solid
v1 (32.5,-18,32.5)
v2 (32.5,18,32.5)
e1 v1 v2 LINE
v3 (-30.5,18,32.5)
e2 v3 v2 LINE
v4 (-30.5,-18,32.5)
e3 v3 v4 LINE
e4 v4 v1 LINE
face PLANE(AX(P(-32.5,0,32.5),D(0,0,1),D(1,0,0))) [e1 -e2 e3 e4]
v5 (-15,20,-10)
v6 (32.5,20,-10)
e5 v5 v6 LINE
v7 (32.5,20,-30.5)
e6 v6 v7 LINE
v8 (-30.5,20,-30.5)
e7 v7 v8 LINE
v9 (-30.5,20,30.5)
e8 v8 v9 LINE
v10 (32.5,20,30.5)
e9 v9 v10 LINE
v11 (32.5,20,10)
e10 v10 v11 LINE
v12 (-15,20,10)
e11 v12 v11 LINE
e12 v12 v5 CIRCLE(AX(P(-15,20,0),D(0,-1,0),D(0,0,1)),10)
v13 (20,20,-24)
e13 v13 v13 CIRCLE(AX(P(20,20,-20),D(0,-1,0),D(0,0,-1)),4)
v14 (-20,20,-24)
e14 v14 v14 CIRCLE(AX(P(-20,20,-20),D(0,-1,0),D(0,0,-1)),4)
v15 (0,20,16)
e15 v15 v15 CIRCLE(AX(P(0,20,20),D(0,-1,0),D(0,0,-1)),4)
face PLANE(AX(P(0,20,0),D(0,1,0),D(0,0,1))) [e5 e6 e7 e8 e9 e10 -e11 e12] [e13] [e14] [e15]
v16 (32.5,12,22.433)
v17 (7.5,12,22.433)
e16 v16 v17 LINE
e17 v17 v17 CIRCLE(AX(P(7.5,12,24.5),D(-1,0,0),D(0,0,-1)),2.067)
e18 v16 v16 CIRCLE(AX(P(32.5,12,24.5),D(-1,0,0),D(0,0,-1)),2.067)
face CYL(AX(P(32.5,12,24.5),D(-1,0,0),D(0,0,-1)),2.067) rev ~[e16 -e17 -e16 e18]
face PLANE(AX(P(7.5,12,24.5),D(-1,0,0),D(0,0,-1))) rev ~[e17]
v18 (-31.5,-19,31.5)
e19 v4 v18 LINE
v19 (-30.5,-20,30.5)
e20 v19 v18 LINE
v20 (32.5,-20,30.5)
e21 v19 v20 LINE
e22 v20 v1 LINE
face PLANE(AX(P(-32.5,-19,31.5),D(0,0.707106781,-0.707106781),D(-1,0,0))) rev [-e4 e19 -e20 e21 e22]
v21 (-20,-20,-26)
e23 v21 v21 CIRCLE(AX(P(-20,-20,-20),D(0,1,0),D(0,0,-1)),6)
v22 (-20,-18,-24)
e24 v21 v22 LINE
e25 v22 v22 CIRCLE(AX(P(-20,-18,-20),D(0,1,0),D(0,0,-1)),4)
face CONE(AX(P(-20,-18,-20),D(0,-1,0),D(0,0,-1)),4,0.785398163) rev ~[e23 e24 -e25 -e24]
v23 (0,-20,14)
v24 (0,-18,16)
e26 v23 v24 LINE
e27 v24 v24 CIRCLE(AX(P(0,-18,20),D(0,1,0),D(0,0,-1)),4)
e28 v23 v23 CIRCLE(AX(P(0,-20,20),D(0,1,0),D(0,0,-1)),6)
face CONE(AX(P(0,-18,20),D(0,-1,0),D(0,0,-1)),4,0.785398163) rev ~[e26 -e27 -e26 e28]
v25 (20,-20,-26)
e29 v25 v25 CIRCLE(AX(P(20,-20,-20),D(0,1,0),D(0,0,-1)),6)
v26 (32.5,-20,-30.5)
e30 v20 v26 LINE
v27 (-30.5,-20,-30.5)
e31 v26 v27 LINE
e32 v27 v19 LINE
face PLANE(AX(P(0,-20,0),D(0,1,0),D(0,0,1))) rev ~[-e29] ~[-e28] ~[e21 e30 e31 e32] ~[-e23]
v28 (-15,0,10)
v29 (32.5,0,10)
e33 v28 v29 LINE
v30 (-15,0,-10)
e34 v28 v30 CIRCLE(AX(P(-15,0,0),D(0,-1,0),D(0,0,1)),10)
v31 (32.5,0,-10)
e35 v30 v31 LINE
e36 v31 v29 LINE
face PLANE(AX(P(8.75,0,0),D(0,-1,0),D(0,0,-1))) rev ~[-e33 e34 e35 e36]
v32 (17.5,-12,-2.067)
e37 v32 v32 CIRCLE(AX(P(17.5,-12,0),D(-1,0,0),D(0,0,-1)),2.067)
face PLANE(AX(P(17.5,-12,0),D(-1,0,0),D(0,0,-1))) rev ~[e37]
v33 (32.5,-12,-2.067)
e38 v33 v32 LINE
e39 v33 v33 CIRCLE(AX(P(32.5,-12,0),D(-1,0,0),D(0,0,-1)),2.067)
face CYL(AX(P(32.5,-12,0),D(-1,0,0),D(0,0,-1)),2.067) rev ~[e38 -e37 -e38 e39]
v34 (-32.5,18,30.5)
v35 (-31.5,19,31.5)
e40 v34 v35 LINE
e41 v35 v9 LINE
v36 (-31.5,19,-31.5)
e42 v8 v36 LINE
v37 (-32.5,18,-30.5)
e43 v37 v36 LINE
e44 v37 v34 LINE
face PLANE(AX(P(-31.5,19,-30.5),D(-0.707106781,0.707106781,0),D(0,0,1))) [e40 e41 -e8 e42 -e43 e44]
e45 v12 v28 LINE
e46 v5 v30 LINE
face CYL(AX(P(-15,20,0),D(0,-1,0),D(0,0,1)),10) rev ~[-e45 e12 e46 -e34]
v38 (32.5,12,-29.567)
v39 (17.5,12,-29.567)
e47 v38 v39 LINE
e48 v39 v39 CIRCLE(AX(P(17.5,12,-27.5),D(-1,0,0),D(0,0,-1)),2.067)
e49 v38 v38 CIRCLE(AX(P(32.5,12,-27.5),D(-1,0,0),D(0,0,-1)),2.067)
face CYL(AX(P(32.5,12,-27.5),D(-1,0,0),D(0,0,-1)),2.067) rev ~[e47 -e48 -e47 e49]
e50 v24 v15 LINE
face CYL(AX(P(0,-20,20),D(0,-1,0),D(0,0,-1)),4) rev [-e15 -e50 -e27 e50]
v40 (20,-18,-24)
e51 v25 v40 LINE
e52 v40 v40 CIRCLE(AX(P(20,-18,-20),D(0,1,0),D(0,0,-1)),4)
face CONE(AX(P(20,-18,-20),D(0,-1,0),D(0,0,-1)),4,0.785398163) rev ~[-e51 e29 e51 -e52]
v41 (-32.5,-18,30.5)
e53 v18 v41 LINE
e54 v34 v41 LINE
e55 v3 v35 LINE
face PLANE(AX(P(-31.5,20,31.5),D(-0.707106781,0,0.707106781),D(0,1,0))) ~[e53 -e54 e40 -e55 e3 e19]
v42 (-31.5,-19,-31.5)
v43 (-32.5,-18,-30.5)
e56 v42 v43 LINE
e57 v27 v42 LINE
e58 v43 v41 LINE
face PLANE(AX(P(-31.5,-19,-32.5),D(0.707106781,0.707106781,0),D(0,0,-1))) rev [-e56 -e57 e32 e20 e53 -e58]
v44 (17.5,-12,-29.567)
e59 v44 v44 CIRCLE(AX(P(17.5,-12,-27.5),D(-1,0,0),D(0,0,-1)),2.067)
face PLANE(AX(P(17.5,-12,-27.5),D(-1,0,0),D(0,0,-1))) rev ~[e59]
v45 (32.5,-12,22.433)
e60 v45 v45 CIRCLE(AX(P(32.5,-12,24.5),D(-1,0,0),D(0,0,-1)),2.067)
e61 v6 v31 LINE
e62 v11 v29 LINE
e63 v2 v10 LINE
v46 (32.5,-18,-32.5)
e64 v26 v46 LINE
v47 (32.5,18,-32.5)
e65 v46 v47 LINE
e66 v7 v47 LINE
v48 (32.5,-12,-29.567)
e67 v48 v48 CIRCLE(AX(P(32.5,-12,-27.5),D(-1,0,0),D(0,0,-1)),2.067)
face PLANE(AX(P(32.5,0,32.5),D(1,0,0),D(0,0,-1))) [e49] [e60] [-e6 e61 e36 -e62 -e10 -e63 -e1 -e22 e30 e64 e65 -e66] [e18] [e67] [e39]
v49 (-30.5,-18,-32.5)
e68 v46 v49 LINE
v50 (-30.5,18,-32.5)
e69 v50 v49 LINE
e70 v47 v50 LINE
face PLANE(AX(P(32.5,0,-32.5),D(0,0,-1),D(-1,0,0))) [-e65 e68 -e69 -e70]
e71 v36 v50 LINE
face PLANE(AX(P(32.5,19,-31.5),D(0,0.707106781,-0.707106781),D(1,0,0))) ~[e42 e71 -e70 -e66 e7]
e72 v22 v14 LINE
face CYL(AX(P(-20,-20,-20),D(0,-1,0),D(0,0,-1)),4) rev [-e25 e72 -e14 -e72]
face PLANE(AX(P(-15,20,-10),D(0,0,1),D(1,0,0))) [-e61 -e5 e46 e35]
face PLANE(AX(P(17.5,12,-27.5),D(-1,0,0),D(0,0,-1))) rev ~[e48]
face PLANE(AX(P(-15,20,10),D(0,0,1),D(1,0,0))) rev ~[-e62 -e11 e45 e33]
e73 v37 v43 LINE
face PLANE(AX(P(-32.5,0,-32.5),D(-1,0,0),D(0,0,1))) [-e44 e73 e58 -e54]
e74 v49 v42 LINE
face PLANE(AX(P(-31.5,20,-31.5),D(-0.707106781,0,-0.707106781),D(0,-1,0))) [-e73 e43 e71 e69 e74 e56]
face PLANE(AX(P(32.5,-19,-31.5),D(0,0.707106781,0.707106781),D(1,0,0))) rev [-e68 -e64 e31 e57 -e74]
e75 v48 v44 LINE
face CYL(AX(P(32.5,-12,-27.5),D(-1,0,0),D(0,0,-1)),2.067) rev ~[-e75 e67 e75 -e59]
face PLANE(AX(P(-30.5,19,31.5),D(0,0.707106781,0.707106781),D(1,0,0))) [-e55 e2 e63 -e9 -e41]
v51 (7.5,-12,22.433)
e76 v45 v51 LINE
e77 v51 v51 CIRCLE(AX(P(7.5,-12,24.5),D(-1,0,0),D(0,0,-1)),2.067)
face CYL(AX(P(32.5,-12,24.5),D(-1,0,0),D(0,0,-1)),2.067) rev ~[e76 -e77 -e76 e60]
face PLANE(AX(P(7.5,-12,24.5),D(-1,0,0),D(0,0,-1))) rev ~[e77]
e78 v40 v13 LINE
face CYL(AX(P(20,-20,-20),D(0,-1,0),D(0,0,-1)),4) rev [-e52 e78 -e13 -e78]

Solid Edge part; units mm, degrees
sketch "Sketch1" plane through (0, 0, 0) normal (0, -1, 0) x (1, 0, 0)
  line L0 (-32.5, 32.5) -> (32.5, 32.5)
  line L1 (32.5, 32.5) -> (32.5, -32.5)
  line L2 (32.5, -32.5) -> (-32.5, -32.5)
  line L3 (-32.5, -32.5) -> (-32.5, 32.5)
  dimension "D1" = 65
  dimension "D2" = 65
extrude "Protrusion1" add sketch "Sketch1" along normal mid plane 40
hole "Bohrung_1" at (-20, -20, -20) direction (0, 1, 0) diameter 8 end up to next
hole "Hole1" at (20, -20, -20) direction (0, 1, 0) diameter 8 end up to next
hole "Hole2" at (0, -20, 20) direction (0, 1, 0) diameter 8 end up to next
chamfer "Fase_1" distance 2 angle 45 3 edges at (16, -20, -20) (-24, -20, -20) (-4, -20, 20)
chamfer "Fase_2" distance 2 angle 45 3 edges at (0, -20, -32.5) (-32.5, -20, 0) (0, -20, 32.5)
chamfer "Fase_3" distance 2 angle 45 2 edges at (-32.5, 1, -32.5) (-32.5, 1, 32.5)
hole "Bohrung_6" at (-15, 20, 0) direction (0, -1, 0) diameter 20 depth 20
sketch "Sketch2" plane through (0, 20, 0) normal (0, 1, 0) x (1, 0, 0)
  line L0 (-15, 10) -> (32.5, 10)
  line L1 (32.5, 10) -> (32.5, -10)
  line L2 (-15, -10) -> (32.5, -10)
  line L3 (-15, 10) -> (-15, -10)
extrude "Ausschnitt_2" cut sketch "Sketch2" against normal blind 20
hole "Bohrung_7" at (32.5, 12, 24.5) direction (-1, 0, 0) diameter 4.134 depth 25
hole "Hole3" at (32.5, -12, 24.5) direction (-1, 0, 0) diameter 4.134 depth 25
hole "Bohrung_9" at (32.5, -12, 0) direction (-1, 0, 0) diameter 4.134 depth 15
hole "Bohrung_10" at (32.5, 12, -27.5) direction (-1, 0, 0) diameter 4.134 depth 15
hole "Hole4" at (32.5, -12, -27.5) direction (-1, 0, 0) diameter 4.134 depth 15
chamfer "Fase_4" distance 2 angle 45 3 edges at (1, 20, 32.5) (-32.5, 20, 0) (1, 20, -32.5)
properties material "polyamid"
